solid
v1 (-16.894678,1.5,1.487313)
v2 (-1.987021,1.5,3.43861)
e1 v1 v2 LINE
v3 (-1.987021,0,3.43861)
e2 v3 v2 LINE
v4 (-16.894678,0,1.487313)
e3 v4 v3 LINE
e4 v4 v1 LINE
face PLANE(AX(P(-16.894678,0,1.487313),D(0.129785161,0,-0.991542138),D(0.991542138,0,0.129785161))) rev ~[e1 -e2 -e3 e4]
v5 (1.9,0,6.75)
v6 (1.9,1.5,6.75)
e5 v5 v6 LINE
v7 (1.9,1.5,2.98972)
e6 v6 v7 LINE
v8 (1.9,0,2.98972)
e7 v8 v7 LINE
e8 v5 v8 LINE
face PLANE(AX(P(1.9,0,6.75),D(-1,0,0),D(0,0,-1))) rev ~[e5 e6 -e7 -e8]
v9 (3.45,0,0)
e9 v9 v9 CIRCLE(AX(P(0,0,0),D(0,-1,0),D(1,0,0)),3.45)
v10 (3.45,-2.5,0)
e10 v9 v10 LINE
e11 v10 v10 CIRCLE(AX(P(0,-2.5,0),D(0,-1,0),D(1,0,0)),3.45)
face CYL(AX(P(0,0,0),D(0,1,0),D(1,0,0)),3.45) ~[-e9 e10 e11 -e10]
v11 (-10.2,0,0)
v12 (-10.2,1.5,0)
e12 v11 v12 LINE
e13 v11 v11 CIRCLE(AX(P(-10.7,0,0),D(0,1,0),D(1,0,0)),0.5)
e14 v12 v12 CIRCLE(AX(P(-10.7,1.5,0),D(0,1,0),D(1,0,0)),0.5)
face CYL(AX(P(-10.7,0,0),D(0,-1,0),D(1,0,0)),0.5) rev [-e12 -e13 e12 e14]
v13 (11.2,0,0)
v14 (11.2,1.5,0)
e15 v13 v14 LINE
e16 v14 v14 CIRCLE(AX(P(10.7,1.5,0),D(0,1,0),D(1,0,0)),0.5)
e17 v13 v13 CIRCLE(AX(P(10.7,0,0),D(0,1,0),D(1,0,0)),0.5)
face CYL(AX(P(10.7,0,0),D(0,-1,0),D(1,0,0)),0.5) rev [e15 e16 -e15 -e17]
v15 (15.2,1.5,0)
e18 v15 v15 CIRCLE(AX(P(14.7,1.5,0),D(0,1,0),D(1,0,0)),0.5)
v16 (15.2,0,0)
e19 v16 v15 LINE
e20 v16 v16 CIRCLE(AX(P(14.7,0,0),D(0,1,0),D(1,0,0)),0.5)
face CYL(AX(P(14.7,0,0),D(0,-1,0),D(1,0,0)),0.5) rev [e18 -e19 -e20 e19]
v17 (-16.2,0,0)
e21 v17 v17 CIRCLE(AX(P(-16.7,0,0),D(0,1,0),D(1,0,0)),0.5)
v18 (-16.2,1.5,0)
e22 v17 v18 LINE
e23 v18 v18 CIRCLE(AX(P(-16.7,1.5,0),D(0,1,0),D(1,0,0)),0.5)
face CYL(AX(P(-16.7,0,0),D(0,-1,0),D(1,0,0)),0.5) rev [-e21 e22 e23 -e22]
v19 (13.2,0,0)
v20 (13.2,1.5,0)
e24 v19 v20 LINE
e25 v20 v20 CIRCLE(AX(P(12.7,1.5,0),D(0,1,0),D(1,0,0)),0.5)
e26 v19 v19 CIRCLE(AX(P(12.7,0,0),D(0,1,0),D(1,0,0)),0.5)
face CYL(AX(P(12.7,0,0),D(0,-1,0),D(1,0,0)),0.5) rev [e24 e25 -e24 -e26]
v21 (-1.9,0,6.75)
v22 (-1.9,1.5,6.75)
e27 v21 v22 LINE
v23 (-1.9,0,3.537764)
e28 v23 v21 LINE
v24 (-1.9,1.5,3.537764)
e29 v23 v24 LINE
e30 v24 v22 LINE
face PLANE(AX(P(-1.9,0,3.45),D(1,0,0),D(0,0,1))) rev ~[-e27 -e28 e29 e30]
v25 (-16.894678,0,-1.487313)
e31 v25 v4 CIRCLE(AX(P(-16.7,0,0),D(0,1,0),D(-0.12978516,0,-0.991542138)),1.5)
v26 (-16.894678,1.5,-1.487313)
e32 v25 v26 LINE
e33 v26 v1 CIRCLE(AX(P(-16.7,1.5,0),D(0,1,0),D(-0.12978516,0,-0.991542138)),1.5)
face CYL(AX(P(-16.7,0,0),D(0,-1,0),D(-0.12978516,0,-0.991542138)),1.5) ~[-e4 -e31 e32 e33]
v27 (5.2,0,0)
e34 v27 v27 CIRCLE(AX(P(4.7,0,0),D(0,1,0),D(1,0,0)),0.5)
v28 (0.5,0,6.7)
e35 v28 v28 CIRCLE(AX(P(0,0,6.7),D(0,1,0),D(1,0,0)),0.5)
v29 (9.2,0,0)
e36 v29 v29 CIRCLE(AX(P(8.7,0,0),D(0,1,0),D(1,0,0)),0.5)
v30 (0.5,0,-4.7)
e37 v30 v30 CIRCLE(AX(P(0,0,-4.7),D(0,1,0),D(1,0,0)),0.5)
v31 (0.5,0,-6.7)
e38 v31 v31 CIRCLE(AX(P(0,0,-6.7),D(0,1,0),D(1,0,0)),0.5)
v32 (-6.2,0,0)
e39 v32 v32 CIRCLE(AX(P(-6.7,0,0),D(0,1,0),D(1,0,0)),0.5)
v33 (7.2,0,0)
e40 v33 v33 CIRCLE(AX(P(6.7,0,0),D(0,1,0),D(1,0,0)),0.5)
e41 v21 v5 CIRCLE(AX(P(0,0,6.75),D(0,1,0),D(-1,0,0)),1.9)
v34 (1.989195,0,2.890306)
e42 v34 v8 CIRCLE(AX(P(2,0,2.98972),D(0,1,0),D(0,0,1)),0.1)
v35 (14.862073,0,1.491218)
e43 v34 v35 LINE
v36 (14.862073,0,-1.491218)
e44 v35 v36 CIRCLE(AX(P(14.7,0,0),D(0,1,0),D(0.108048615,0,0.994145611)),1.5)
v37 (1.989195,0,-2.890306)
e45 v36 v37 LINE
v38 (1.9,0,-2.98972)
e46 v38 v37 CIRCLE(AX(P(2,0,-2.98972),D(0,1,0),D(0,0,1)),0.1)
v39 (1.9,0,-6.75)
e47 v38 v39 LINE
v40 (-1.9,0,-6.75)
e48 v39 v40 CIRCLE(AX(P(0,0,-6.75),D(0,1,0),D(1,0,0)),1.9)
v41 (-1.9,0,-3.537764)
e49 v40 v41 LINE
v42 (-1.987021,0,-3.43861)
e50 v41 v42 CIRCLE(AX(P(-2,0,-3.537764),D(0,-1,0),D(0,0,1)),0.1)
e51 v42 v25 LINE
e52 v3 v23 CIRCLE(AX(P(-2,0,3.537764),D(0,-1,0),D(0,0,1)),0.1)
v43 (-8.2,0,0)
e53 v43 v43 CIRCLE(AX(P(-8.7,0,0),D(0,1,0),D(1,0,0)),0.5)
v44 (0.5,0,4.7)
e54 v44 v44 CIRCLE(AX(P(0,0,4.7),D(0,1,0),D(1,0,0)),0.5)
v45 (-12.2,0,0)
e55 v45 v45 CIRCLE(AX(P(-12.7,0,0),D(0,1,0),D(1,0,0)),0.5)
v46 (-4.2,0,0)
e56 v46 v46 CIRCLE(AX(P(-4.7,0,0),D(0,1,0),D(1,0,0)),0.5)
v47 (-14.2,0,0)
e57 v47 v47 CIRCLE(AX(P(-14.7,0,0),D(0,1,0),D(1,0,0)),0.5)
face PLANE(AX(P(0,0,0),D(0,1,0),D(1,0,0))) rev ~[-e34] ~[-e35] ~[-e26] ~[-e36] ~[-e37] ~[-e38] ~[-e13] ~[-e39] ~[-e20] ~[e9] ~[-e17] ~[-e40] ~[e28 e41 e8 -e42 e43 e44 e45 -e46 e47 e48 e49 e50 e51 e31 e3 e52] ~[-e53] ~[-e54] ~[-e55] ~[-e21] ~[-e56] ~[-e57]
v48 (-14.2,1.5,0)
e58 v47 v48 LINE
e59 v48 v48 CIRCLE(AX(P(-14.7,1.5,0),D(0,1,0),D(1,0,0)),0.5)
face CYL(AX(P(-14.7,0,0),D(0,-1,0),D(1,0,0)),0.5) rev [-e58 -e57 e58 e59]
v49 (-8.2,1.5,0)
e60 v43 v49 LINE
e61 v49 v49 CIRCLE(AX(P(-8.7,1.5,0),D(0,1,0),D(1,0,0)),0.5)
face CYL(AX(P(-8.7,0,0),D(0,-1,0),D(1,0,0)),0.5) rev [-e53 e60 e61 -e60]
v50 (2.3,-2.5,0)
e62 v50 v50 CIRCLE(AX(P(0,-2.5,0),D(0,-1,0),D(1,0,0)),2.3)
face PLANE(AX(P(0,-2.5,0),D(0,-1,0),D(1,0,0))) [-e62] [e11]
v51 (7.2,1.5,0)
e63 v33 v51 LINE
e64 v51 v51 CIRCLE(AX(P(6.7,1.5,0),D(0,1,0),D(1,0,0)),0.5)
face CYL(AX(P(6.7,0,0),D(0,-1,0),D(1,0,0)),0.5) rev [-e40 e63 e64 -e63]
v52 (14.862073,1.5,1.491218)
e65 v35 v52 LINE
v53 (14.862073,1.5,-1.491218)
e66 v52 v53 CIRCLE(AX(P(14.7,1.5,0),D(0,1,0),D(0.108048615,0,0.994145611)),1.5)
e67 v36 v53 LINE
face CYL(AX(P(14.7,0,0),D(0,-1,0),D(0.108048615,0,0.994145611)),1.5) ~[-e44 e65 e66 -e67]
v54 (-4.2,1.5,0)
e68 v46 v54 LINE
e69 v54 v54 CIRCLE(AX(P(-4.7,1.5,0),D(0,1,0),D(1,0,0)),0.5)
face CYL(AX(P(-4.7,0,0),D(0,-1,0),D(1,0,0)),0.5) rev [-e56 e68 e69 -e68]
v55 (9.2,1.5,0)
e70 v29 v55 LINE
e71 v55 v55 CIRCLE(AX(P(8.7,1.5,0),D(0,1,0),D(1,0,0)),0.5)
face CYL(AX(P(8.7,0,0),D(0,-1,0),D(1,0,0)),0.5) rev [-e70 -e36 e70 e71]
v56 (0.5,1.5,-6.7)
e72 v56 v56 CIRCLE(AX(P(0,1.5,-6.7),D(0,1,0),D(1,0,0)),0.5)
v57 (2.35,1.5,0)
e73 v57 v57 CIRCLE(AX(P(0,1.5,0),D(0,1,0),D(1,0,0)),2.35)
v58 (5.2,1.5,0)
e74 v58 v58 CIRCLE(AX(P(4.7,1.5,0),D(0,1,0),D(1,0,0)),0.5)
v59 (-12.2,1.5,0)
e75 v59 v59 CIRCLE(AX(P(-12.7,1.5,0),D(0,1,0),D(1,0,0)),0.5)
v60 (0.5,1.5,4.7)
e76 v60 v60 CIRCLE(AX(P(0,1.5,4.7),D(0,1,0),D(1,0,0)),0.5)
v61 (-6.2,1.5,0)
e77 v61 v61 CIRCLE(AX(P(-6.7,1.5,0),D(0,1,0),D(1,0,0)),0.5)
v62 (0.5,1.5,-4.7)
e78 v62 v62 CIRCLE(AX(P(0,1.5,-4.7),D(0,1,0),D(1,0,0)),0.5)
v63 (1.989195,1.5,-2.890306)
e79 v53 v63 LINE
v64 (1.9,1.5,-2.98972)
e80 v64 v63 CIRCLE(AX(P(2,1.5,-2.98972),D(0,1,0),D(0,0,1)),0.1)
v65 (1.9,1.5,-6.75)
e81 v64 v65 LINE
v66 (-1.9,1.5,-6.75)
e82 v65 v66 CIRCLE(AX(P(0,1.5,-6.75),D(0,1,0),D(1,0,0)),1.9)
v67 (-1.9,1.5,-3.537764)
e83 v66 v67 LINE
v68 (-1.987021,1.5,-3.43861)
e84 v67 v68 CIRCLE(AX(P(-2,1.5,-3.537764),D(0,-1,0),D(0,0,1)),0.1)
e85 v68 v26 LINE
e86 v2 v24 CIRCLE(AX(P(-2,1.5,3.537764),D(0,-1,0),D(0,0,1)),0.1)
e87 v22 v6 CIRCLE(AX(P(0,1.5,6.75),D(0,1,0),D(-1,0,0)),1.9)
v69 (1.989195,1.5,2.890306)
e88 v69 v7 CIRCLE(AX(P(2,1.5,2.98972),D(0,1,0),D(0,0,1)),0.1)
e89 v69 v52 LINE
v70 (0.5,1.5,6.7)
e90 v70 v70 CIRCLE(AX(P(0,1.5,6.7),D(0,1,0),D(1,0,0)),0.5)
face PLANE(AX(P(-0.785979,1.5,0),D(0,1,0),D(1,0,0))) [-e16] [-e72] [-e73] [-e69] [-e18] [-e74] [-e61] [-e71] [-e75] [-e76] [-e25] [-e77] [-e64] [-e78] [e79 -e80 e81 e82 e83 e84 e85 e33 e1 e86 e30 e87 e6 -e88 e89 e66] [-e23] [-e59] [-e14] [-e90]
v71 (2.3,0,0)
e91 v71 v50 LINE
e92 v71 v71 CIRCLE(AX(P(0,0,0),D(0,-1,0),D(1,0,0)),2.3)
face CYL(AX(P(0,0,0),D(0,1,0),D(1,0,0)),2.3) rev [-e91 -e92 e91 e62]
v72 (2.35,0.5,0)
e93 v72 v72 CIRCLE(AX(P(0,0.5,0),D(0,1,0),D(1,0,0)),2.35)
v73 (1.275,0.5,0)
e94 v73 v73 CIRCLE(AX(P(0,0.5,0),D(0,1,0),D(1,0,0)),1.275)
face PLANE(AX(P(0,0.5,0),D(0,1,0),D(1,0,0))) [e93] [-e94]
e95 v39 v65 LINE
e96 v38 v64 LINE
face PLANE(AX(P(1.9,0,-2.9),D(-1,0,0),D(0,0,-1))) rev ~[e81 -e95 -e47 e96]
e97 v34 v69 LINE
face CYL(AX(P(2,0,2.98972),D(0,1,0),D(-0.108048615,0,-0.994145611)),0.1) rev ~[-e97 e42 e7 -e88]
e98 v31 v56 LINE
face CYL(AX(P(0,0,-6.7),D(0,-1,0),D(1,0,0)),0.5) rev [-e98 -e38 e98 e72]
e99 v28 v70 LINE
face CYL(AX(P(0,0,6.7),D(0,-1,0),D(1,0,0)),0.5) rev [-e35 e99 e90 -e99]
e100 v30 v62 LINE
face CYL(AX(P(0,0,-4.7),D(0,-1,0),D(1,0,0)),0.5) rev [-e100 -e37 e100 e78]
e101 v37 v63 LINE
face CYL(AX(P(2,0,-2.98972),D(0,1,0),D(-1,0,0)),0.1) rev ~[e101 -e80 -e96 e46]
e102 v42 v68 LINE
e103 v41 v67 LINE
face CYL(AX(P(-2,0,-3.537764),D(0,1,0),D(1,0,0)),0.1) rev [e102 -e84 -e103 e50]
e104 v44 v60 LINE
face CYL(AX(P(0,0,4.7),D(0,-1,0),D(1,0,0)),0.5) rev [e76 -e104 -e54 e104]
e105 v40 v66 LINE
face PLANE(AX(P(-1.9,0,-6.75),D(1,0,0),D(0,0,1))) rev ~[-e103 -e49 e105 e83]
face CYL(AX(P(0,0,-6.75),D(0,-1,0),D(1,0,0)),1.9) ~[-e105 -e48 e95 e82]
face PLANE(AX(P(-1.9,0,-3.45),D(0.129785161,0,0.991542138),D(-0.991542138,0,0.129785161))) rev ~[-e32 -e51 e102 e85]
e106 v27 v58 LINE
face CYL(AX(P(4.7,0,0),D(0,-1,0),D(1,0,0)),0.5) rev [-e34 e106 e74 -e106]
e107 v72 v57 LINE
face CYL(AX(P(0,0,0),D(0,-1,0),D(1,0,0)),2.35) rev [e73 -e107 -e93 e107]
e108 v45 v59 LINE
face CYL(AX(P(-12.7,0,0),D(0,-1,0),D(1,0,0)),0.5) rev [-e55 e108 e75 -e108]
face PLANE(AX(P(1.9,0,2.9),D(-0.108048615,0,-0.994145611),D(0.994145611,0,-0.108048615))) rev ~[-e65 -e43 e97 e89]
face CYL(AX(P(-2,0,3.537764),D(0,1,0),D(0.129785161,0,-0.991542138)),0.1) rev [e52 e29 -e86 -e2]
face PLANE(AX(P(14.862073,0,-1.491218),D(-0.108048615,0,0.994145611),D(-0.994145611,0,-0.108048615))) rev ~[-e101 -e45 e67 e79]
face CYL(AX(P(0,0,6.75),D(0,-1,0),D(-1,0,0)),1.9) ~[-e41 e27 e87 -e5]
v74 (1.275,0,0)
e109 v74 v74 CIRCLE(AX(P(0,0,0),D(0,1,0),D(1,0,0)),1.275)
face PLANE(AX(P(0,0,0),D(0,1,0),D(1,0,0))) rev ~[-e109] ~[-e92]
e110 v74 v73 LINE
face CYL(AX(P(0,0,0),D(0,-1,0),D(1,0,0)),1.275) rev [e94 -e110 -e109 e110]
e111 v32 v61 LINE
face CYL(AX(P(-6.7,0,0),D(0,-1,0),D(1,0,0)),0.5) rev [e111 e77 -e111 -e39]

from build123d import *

# Parameters (mm, degrees)
IZIM1_R                     = 2.35
IZIM1_R_2                   = 0.5
Y_KSEKLIK_EKSTR_ZYON1_DEPTH = 1.5
IZIM1_3_R                   = 2.35
IZIM1_3_R_2                 = 1.275
Y_KSEKLIK_EKSTR_ZYON2_DEPTH = 0.5
IZIM2_R                     = 3.45
IZIM2_R_2                   = 2.3
Y_KSEKLIK_EKSTR_ZYON3_DEPTH = 2.5
RADYUS1_R                   = 0.1


with BuildPart() as part:
    # izim1 → Y_kseklik-Ekstr_zyon1 (new body)
    with BuildSketch(Plane(origin=(0, 0, 0), x_dir=(1, 0, 0), z_dir=(0, 1, 0))):
        with BuildLine():
            Line((1.9, 2.9), (1.9, 6.75))
            ThreePointArc((1.9, 6.75), (0, 8.65), (-1.9, 6.75))
            Line((-1.9, 6.75), (-1.9, 3.45))
            Line((-1.9, 3.45), (-16.894677741, 1.487313207))
            ThreePointArc((-16.894677741, 1.487313207), (-18.2, 0), (-16.894677741, -1.487313207))
            Line((-16.894677741, -1.487313207), (-1.9, -3.45))
            Line((-1.9, -3.45), (-1.9, -6.75))
            ThreePointArc((-1.9, -6.75), (0, -8.65), (1.9, -6.75))
            Line((1.9, -6.75), (1.9, -2.9))
            Line((1.9, -2.9), (14.862072923, -1.491218417))
            ThreePointArc((14.862072923, -1.491218417), (16.2, 0), (14.862072923, 1.491218417))
            Line((14.862072923, 1.491218417), (1.9, 2.9))
        make_face()
        Circle(IZIM1_R, mode=Mode.SUBTRACT)
        with Locations((-16.7, 0)):
            Circle(IZIM1_R_2, mode=Mode.SUBTRACT)
        with Locations((-14.7, 0)):
            Circle(IZIM1_R_2, mode=Mode.SUBTRACT)
        with Locations((-12.7, 0)):
            Circle(IZIM1_R_2, mode=Mode.SUBTRACT)
        with Locations((-10.7, 0)):
            Circle(IZIM1_R_2, mode=Mode.SUBTRACT)
        with Locations((-8.7, 0)):
            Circle(IZIM1_R_2, mode=Mode.SUBTRACT)
        with Locations((-6.7, 0)):
            Circle(IZIM1_R_2, mode=Mode.SUBTRACT)
        with Locations((-4.7, 0)):
            Circle(IZIM1_R_2, mode=Mode.SUBTRACT)
        with Locations((14.7, 0)):
            Circle(IZIM1_R_2, mode=Mode.SUBTRACT)
        with Locations((12.7, 0)):
            Circle(IZIM1_R_2, mode=Mode.SUBTRACT)
        with Locations((10.7, 0)):
            Circle(IZIM1_R_2, mode=Mode.SUBTRACT)
        with Locations((8.7, 0)):
            Circle(IZIM1_R_2, mode=Mode.SUBTRACT)
        with Locations((6.7, 0)):
            Circle(IZIM1_R_2, mode=Mode.SUBTRACT)
        with Locations((4.7, 0)):
            Circle(IZIM1_R_2, mode=Mode.SUBTRACT)
        with Locations((0, 6.7)):
            Circle(IZIM1_R_2, mode=Mode.SUBTRACT)
        with Locations((0, 4.7)):
            Circle(IZIM1_R_2, mode=Mode.SUBTRACT)
        with Locations((0, -6.7)):
            Circle(IZIM1_R_2, mode=Mode.SUBTRACT)
        with Locations((0, -4.7)):
            Circle(IZIM1_R_2, mode=Mode.SUBTRACT)
    extrude(amount=Y_KSEKLIK_EKSTR_ZYON1_DEPTH)

    # izim1_3 → Y_kseklik-Ekstr_zyon2 (add)
    with BuildSketch(Plane(origin=(0, 0, 0), x_dir=(1, 0, 0), z_dir=(0, 1, 0))):
        Circle(IZIM1_3_R)
        Circle(IZIM1_3_R_2, mode=Mode.SUBTRACT)
    extrude(amount=Y_KSEKLIK_EKSTR_ZYON2_DEPTH)

    # izim2 → Y_kseklik-Ekstr_zyon3 (add)
    with BuildSketch(Plane.XZ):
        Circle(IZIM2_R)
        Circle(IZIM2_R_2, mode=Mode.SUBTRACT)
    extrude(amount=Y_KSEKLIK_EKSTR_ZYON3_DEPTH)

    # Radyus1
    radyus1_edges = [part.edges().sort_by_distance(p)[0] for p in [
        (1.9, 0.75, -2.9),
        (1.9, 0.75, 2.9),
        (-1.9, 0.75, 3.45),
        (-1.9, 0.75, -3.45),
    ]]
    fillet(radyus1_edges, radius=RADYUS1_R)


solid = part.part
